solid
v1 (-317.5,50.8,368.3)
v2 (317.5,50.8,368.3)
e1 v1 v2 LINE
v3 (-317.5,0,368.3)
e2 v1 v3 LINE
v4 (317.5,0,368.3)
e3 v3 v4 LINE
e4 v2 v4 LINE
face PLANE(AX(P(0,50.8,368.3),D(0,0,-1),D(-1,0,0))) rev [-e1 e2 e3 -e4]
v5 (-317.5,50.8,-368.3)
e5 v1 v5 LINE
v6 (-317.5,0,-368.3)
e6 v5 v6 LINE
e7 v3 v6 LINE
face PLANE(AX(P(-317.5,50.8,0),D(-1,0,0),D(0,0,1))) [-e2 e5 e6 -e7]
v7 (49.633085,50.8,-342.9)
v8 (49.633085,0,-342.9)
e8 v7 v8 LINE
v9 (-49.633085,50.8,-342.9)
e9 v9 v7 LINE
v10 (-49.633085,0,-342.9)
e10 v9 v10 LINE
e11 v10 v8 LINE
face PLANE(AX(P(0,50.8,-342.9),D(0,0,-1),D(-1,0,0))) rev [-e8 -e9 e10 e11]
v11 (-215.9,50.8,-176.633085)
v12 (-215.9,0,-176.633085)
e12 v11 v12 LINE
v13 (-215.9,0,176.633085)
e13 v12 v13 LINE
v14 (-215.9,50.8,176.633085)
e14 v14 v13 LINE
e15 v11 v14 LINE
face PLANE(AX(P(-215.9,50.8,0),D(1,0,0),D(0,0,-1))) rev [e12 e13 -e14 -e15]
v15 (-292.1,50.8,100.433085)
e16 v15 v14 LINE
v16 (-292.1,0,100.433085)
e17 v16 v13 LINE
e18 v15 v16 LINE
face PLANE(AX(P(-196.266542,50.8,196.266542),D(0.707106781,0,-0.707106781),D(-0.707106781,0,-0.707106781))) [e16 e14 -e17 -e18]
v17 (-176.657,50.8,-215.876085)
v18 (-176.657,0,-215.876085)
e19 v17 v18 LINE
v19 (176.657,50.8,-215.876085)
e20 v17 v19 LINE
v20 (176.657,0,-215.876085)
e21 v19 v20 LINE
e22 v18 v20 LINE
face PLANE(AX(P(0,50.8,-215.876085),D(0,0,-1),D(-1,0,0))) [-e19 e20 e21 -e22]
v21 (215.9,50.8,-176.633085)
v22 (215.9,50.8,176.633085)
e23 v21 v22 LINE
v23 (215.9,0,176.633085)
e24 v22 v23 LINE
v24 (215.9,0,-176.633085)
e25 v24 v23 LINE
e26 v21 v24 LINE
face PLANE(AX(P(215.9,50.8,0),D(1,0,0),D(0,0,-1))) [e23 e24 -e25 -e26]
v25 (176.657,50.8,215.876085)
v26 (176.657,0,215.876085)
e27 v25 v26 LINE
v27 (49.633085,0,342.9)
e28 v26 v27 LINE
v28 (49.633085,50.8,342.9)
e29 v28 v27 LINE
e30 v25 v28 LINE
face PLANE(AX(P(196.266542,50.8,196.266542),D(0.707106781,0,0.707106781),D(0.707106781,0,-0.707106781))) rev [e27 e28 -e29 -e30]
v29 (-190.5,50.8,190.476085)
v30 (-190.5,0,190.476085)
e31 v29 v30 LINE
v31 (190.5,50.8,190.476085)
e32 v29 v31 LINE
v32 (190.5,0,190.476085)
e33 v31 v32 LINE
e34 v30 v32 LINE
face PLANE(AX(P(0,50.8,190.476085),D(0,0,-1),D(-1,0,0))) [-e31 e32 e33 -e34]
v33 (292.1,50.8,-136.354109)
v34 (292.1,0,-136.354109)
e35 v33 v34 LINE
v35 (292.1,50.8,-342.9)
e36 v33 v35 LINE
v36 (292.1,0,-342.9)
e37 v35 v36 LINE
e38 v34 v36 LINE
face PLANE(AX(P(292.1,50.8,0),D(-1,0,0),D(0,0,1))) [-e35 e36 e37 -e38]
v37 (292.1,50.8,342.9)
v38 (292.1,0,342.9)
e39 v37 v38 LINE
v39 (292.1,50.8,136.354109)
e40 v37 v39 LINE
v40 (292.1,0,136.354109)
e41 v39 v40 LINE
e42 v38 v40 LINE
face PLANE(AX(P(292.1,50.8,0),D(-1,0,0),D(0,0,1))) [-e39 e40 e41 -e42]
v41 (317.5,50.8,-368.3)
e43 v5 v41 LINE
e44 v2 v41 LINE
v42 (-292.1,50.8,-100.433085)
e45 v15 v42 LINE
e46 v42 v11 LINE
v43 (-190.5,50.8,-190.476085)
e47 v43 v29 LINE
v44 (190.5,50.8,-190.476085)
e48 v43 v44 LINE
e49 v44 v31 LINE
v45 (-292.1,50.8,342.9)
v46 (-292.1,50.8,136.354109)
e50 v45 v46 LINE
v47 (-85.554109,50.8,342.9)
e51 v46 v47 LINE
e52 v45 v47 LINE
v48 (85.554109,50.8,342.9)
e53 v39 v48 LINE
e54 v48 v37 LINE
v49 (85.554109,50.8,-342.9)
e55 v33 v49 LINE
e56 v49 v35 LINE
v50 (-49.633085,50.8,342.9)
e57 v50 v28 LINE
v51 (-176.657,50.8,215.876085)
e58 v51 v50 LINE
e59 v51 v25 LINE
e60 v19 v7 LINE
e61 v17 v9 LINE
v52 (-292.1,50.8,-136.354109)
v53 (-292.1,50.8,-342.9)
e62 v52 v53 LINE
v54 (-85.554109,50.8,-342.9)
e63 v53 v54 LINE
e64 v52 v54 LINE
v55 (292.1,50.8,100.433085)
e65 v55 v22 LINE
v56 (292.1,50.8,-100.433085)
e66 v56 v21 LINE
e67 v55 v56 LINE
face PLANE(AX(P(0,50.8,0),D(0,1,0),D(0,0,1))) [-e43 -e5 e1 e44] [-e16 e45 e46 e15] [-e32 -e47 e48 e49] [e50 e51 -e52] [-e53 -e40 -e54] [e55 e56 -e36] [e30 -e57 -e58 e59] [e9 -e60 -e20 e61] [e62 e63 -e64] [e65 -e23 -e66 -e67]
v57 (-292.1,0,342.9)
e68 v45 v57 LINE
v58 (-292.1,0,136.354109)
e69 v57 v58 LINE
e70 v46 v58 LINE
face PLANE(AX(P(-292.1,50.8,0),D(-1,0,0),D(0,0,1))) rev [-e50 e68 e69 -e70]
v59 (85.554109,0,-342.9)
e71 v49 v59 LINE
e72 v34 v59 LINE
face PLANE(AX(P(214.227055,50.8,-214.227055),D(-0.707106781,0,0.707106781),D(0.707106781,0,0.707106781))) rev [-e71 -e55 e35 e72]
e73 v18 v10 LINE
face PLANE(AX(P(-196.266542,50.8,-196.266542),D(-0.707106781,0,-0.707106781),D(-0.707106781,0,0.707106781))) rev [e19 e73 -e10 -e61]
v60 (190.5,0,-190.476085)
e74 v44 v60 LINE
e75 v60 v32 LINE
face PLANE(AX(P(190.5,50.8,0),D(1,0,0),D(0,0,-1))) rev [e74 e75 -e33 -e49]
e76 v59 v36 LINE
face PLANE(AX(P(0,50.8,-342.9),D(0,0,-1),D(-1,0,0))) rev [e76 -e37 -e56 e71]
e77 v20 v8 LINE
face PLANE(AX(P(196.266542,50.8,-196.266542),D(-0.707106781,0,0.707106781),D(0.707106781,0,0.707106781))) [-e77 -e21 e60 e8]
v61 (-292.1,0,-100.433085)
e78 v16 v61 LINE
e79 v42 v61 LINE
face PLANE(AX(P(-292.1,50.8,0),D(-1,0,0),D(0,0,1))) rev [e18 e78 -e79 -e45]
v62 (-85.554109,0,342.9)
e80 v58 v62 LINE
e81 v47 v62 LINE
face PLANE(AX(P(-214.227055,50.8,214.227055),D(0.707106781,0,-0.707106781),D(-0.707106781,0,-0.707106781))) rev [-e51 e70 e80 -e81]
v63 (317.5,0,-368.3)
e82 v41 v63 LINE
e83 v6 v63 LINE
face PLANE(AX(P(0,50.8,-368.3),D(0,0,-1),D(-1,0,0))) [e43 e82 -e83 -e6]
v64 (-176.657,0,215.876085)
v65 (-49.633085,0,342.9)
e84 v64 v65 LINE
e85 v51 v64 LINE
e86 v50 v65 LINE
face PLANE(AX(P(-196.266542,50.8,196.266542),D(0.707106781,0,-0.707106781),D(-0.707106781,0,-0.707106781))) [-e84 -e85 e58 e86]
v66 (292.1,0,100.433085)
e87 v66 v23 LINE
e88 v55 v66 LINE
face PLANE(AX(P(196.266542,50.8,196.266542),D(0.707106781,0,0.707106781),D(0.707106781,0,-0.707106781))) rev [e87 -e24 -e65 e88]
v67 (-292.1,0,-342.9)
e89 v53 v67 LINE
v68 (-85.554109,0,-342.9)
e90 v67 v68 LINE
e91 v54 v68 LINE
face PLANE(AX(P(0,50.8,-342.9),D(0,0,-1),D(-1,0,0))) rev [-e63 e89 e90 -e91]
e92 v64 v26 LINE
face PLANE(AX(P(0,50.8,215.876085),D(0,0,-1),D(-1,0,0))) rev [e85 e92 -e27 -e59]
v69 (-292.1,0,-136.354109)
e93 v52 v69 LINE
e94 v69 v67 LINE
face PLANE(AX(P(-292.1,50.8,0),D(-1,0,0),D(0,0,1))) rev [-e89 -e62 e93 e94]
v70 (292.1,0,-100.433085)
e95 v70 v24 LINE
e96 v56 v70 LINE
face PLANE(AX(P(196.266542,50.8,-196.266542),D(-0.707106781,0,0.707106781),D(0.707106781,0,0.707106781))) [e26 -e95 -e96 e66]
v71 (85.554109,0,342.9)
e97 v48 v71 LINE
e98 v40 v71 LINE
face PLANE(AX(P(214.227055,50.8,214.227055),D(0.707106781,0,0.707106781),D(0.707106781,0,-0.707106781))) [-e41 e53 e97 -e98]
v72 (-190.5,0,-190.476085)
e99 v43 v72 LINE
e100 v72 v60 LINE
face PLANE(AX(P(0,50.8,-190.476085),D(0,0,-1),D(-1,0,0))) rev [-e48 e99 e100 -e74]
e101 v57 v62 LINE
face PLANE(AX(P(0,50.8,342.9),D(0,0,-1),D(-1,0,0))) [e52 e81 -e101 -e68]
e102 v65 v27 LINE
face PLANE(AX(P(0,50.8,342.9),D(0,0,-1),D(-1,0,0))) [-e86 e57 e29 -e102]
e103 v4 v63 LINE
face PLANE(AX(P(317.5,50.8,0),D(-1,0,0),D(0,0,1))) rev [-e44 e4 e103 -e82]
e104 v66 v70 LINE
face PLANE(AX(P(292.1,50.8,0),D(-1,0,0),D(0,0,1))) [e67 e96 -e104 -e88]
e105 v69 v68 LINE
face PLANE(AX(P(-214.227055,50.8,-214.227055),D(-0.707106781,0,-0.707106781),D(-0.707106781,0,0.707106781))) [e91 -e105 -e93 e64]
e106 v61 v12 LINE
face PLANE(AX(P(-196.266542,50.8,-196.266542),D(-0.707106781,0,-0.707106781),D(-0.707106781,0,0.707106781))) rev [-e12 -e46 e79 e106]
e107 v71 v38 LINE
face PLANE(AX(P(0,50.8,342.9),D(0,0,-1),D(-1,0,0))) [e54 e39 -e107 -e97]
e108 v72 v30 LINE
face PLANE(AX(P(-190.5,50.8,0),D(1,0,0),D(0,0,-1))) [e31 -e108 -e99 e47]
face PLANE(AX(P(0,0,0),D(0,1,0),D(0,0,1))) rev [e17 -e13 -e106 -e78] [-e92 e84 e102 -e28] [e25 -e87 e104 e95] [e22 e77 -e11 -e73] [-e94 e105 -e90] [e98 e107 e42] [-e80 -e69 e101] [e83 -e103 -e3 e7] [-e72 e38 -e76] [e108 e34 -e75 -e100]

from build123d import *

# Parameters (mm, degrees)
SKETCH1_W           = 635
SKETCH1_H           = 736.6
SKETCH1_W_2         = 584.2
SKETCH1_H_2         = 685.8
BOSS_EXTRUDE1_DEPTH = 50.8


with BuildPart() as part:
    # Sketch1 → Boss-Extrude1 (new body)
    # profile 1 of 13: a face of its own
    with BuildSketch(Plane(origin=(0, 0, 0), x_dir=(1, 0, 0), z_dir=(0, 1, 0))):
        Rectangle(SKETCH1_W, SKETCH1_H)
        Rectangle(SKETCH1_W_2, SKETCH1_H_2, mode=Mode.SUBTRACT)
    # profile 2 of 13: a face of its own
    with BuildSketch(Plane(origin=(0, 0, 0), x_dir=(1, 0, 0), z_dir=(0, 1, 0))):
        Polygon((176.657, -215.876084731), (49.633084731, -342.9), (85.554109215, -342.9), (292.1, -136.354109215), (292.1, -100.433084731), (215.9, -176.633084731), (202.057, -190.476084731), (190.5, -202.033084731), align=None)
    # profile 3 of 13: a face of its own
    with BuildSketch(Plane(origin=(0, 0, 0), x_dir=(1, 0, 0), z_dir=(0, 1, 0))):
        Polygon((85.554109215, 342.9), (49.633084731, 342.9), (176.657, 215.876084731), (190.5, 202.033084731), (202.057, 190.476084731), (215.9, 176.633084731), (292.1, 100.433084731), (292.1, 136.354109215), align=None)
    # profile 4 of 13: a face of its own
    with BuildSketch(Plane(origin=(0, 0, 0), x_dir=(1, 0, 0), z_dir=(0, 1, 0))):
        Polygon((-85.554109215, 342.9), (-292.1, 136.354109215), (-292.1, 100.433084731), (-215.9, 176.633084731), (-202.057, 190.476084731), (-190.5, 202.033084731), (-176.657, 215.876084731), (-49.633084731, 342.9), align=None)
    # profile 5 of 13: a face of its own
    with BuildSketch(Plane(origin=(0, 0, 0), x_dir=(1, 0, 0), z_dir=(0, 1, 0))):
        Polygon((-215.9, -176.633084731), (-292.1, -100.433084731), (-292.1, -136.354109215), (-85.554109215, -342.9), (-49.633084731, -342.9), (-176.657, -215.876084731), (-190.5, -202.033084731), (-202.057, -190.476084731), align=None)
    # profile 6 of 13: a face of its own
    with BuildSketch(Plane(origin=(0, 0, 0), x_dir=(1, 0, 0), z_dir=(0, 1, 0))):
        Polygon((176.657, 215.876084731), (-176.657, 215.876084731), (-190.5, 202.033084731), (-190.5, 190.476084731), (190.5, 190.476084731), (190.5, 202.033084731), align=None)
    # profile 7 of 13: a face of its own
    with BuildSketch(Plane(origin=(0, 0, 0), x_dir=(1, 0, 0), z_dir=(0, 1, 0))):
        Polygon((-202.057, 190.476084731), (-215.9, 176.633084731), (-215.9, -176.633084731), (-202.057, -190.476084731), (-190.5, -190.476084731), (-190.5, 190.476084731), align=None)
    # profile 8 of 13: a face of its own
    with BuildSketch(Plane(origin=(0, 0, 0), x_dir=(1, 0, 0), z_dir=(0, 1, 0))):
        Polygon((202.057, 190.476084731), (190.5, 190.476084731), (190.5, -190.476084731), (202.057, -190.476084731), (215.9, -176.633084731), (215.9, 176.633084731), align=None)
    # profile 9 of 13: a face of its own
    with BuildSketch(Plane(origin=(0, 0, 0), x_dir=(1, 0, 0), z_dir=(0, 1, 0))):
        Polygon((-190.5, -190.476084731), (-190.5, -202.033084731), (-176.657, -215.876084731), (176.657, -215.876084731), (190.5, -202.033084731), (190.5, -190.476084731), align=None)
    # profile 10 of 13: a face of its own
    with BuildSketch(Plane(origin=(0, 0, 0), x_dir=(1, 0, 0), z_dir=(0, 1, 0))):
        Polygon((-190.5, 202.033084731), (-202.057, 190.476084731), (-190.5, 190.476084731), align=None)
    # profile 11 of 13: a face of its own
    with BuildSketch(Plane(origin=(0, 0, 0), x_dir=(1, 0, 0), z_dir=(0, 1, 0))):
        Polygon((-190.5, -190.476084731), (-202.057, -190.476084731), (-190.5, -202.033084731), align=None)
    # profile 12 of 13: a face of its own
    with BuildSketch(Plane(origin=(0, 0, 0), x_dir=(1, 0, 0), z_dir=(0, 1, 0))):
        Polygon((202.057, -190.476084731), (190.5, -190.476084731), (190.5, -202.033084731), align=None)
    # profile 13 of 13: a face of its own
    with BuildSketch(Plane(origin=(0, 0, 0), x_dir=(1, 0, 0), z_dir=(0, 1, 0))):
        Polygon((202.057, 190.476084731), (190.5, 202.033084731), (190.5, 190.476084731), align=None)
    extrude(amount=BOSS_EXTRUDE1_DEPTH)


solid = part.part
